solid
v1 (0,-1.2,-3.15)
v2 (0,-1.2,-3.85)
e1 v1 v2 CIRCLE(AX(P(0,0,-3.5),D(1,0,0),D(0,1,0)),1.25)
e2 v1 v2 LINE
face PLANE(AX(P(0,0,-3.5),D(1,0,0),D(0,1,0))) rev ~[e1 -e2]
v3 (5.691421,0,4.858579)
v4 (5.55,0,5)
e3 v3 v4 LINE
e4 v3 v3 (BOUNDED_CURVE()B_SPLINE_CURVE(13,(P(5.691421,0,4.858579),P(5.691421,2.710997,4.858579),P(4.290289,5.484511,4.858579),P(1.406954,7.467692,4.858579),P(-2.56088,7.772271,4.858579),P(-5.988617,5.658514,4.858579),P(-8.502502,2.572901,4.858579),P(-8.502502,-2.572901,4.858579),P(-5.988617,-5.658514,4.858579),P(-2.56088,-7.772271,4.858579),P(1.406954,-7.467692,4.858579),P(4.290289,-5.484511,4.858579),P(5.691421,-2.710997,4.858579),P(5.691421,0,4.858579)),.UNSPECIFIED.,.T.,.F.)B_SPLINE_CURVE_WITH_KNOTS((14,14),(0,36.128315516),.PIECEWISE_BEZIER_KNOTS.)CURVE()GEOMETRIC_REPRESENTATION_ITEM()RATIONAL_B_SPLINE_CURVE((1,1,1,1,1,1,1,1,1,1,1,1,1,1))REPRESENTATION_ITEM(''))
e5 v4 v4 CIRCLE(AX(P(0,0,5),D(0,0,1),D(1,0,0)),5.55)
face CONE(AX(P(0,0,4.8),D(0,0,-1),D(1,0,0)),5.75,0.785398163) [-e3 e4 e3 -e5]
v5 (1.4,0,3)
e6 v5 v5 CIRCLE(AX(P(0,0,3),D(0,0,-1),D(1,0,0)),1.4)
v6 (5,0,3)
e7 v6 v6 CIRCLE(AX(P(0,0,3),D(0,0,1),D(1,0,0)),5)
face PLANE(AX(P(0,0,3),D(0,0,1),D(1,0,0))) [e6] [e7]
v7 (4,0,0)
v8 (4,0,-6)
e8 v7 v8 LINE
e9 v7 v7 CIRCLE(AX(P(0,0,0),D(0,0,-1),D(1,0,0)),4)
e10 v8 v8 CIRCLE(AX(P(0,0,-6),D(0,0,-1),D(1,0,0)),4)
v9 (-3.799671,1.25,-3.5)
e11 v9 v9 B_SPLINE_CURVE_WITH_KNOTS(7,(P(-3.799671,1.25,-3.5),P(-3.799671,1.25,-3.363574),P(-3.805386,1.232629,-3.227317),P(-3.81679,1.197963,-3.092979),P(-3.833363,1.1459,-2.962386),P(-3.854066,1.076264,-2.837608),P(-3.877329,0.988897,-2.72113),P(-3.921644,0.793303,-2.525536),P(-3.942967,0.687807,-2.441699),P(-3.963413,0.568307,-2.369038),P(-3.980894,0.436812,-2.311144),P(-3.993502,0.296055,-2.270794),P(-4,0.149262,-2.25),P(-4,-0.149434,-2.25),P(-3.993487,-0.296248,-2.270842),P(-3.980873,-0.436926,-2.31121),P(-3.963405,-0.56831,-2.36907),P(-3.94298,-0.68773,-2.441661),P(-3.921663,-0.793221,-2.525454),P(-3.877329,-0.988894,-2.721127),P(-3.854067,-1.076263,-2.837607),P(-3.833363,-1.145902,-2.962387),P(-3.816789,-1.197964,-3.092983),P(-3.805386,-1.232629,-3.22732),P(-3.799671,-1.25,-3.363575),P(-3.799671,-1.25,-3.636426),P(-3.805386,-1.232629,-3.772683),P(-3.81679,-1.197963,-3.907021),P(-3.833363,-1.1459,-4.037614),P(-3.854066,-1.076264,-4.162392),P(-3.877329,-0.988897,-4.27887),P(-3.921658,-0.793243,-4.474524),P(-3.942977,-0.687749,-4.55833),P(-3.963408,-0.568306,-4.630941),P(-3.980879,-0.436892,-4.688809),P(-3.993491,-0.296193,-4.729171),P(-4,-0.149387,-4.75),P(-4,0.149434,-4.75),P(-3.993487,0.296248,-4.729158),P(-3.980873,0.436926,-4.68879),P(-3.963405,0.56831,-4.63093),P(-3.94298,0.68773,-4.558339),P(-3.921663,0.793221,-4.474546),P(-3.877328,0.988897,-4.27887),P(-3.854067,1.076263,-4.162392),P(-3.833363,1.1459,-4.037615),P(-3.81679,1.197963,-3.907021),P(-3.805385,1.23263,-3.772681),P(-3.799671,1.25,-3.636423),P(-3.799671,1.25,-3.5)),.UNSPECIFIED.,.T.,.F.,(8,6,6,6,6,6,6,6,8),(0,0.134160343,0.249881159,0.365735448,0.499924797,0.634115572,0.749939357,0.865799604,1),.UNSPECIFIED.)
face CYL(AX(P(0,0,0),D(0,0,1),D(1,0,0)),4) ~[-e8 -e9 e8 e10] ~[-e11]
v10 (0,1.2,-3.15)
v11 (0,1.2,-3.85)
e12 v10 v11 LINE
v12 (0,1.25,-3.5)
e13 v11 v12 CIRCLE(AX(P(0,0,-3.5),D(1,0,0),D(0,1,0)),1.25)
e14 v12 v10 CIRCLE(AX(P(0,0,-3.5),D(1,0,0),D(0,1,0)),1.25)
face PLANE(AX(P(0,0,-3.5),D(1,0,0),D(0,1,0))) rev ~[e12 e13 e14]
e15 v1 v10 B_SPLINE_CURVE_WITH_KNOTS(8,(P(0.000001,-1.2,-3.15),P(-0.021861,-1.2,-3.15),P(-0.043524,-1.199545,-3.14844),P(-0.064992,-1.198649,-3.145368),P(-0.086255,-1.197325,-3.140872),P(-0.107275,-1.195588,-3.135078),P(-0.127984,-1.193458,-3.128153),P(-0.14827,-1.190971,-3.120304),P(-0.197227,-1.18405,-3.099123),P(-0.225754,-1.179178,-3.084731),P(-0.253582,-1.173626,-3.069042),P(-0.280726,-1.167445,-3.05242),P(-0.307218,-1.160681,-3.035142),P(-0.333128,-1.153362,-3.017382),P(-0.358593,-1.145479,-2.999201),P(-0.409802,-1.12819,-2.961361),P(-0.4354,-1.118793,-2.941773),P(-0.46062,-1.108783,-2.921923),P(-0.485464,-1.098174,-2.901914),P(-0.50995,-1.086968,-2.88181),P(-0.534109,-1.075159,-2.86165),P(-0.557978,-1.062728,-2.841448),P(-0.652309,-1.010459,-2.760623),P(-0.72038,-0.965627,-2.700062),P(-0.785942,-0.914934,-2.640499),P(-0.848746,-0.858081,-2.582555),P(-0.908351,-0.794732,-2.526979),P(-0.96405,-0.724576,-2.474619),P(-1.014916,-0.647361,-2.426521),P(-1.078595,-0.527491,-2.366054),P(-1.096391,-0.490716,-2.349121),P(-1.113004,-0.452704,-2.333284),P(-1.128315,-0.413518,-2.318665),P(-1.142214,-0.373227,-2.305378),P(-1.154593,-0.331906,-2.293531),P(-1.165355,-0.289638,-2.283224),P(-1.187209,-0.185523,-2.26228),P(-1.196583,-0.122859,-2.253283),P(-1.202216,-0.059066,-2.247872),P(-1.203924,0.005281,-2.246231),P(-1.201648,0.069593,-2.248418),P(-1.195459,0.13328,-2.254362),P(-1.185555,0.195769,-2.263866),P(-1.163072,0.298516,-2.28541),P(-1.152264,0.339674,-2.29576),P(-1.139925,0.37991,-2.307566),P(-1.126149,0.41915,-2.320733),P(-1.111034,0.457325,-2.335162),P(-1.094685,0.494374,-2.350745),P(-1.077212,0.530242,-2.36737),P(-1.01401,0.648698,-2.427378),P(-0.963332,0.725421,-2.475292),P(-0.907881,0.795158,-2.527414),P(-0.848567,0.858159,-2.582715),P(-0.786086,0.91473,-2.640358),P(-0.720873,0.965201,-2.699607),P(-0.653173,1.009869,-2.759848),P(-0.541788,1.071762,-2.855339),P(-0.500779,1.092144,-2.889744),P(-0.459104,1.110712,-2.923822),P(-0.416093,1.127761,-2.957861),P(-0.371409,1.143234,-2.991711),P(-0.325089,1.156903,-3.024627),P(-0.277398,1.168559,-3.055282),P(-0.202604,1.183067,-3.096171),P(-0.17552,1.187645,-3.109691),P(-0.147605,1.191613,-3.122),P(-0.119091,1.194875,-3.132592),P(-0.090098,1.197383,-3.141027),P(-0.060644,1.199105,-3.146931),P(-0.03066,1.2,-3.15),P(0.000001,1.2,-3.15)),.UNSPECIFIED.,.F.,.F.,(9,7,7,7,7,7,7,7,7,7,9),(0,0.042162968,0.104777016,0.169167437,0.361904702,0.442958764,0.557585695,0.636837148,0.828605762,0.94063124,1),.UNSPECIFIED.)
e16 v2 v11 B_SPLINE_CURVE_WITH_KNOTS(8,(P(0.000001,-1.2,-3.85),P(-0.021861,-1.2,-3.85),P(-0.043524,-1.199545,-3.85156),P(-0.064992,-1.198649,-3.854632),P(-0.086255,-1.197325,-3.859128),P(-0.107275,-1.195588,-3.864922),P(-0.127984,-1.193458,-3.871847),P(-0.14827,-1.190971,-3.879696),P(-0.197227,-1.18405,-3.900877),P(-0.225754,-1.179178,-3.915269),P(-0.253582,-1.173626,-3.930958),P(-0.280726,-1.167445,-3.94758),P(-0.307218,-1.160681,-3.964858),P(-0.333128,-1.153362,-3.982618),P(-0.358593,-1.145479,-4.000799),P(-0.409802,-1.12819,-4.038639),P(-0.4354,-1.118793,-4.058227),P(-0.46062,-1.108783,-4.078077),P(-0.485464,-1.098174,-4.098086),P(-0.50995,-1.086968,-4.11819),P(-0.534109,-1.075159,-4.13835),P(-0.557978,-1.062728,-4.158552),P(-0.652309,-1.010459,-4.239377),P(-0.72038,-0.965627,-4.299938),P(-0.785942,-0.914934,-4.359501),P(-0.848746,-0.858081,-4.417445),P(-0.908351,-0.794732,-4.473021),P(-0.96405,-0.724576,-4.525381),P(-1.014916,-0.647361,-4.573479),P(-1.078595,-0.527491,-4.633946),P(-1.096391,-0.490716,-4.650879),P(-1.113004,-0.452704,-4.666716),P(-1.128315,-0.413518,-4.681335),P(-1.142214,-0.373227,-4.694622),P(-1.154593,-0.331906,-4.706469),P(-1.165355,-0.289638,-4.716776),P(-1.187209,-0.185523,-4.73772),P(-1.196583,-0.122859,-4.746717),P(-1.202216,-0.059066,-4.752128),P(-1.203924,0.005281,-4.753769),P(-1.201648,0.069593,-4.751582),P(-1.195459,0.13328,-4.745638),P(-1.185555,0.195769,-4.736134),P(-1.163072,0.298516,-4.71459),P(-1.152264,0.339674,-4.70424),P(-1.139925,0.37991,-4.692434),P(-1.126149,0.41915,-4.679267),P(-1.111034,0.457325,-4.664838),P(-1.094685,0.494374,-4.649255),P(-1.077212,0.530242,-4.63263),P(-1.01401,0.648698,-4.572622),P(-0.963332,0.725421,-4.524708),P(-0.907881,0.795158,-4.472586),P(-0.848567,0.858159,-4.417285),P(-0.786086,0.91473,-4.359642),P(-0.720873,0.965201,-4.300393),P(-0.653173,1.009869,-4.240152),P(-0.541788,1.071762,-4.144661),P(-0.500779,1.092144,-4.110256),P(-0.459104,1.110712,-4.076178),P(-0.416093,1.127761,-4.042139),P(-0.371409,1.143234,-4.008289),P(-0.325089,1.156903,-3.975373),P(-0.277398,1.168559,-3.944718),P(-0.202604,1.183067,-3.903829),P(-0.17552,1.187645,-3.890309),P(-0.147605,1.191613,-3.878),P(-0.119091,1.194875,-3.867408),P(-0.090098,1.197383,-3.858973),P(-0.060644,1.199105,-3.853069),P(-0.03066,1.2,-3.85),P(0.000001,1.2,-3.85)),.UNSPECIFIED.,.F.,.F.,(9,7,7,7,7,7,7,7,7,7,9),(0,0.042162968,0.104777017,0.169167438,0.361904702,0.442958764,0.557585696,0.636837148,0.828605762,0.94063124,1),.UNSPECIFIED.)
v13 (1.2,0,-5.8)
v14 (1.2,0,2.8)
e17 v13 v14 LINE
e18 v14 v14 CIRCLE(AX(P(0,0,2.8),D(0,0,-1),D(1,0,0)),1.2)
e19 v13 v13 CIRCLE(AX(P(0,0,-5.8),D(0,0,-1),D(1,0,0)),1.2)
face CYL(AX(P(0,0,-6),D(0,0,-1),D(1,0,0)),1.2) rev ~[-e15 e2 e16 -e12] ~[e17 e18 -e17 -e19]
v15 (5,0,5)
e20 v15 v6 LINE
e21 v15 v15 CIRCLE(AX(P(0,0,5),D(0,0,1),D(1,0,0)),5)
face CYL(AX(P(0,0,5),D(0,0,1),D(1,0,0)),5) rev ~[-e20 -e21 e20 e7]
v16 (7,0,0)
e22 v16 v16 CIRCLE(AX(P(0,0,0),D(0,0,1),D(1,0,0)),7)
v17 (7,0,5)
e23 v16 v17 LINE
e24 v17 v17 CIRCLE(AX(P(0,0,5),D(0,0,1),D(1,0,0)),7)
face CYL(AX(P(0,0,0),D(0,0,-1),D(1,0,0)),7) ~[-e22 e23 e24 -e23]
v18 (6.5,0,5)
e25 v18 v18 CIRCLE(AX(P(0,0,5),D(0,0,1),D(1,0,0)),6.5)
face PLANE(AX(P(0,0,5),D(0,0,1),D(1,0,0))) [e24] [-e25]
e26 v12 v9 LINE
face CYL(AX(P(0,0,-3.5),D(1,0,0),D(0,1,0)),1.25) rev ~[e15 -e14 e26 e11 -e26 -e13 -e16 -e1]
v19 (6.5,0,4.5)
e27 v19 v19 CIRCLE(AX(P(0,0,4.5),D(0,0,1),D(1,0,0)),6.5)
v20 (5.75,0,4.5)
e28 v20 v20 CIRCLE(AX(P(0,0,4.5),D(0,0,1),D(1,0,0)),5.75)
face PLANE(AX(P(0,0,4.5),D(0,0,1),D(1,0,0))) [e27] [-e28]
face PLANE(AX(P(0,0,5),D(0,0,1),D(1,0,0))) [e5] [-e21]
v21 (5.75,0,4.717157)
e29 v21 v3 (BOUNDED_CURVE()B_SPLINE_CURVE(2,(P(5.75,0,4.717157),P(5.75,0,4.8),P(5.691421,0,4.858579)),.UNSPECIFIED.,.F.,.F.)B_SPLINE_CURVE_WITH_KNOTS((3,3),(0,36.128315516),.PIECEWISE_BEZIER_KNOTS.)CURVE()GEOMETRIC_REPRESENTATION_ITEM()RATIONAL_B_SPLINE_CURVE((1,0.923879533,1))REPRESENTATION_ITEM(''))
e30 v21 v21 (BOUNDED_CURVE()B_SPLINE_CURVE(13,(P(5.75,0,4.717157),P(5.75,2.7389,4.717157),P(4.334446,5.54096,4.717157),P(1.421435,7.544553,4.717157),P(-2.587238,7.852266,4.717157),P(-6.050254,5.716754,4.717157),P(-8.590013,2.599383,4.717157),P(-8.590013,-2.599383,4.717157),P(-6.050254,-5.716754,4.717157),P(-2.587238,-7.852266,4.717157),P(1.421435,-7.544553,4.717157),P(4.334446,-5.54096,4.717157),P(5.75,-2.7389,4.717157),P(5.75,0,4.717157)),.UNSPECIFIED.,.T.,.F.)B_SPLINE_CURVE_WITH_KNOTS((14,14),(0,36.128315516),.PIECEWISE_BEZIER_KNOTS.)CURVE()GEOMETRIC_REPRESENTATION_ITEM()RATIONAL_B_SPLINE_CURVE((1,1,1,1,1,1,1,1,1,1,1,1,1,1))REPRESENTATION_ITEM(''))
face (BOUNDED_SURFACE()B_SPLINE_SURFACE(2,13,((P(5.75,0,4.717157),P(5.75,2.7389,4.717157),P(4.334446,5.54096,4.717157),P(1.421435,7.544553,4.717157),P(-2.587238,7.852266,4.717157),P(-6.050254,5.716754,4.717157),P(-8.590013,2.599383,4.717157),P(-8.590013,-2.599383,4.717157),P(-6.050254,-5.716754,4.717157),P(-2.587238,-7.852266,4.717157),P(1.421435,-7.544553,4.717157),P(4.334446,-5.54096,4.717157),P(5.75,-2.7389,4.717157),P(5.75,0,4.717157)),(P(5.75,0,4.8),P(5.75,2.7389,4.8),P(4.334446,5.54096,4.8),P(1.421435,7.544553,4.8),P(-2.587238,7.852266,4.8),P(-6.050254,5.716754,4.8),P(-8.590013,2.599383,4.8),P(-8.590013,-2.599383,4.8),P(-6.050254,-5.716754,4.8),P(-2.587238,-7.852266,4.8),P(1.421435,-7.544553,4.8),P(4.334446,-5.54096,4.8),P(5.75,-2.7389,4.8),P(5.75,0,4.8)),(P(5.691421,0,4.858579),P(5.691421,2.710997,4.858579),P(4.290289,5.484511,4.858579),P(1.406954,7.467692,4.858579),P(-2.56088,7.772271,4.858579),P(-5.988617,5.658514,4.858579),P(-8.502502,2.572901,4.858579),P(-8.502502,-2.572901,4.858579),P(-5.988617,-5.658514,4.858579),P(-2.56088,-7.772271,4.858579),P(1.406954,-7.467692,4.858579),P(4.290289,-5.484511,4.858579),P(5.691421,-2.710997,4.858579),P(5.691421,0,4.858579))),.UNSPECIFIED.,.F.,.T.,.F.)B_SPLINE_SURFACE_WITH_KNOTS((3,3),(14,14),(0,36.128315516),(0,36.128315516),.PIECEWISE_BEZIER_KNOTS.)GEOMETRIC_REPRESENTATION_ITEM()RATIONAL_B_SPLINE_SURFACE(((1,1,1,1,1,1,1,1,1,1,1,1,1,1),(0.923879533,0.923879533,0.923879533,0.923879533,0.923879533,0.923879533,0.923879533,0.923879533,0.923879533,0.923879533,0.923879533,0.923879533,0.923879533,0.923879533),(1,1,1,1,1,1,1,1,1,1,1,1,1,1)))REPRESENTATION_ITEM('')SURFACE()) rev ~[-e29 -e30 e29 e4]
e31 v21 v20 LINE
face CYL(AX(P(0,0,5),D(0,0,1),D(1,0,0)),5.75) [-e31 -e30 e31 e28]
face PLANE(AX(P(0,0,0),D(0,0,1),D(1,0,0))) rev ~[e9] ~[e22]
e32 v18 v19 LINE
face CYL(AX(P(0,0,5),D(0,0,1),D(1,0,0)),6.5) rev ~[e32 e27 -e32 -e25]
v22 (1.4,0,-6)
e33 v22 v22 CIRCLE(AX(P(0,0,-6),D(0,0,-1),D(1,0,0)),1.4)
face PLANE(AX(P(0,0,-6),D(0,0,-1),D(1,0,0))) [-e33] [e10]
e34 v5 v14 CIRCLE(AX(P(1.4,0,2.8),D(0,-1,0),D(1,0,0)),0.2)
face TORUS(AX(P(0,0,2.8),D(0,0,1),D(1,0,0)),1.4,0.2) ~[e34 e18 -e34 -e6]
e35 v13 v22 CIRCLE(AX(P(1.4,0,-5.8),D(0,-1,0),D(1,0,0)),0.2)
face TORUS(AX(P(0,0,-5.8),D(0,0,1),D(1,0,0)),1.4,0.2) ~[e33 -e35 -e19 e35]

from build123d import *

# Parameters (mm, degrees)
F0_R      = 7
F1_DEPTH  = 5
F2_R      = 4
F3_DEPTH  = 6
F4_R      = 1.2
F5_DEPTH  = 9
F6_R      = 5
F7_DEPTH  = 2
F8_R      = 6.5
F8_R_2    = 5.75
F9_DEPTH  = 0.5
F10_SIZE  = 0.2
F11_R     = 0.2
F13_R     = 1.25
F14_DEPTH = 4.5


with BuildPart() as f1:
    # F0 (on Top) → F1 (new body)
    with BuildSketch(Plane.XY):
        Circle(F0_R)
    extrude(amount=F1_DEPTH)

    # F2 (on face) → F3 (join)
    with BuildSketch(Plane(origin=(0, 0, 0), x_dir=(1, 0, 0), z_dir=(0, 0, -1))):
        Circle(F2_R)
    extrude(amount=F3_DEPTH)

    # F4 (on face) → F5 (cut)
    with BuildSketch(Plane(origin=(0, 0, -6), x_dir=(1, 0, 0), z_dir=(0, 0, -1))):
        Circle(F4_R)
    extrude(amount=-F5_DEPTH, mode=Mode.SUBTRACT)

    # F6 (on face) → F7 (cut)
    with BuildSketch(Plane.XY.offset(5)):
        Circle(F6_R)
    extrude(amount=-F7_DEPTH, mode=Mode.SUBTRACT)

    # F8 (on face) → F9 (cut)
    with BuildSketch(Plane.XY.offset(5)):
        Circle(F8_R)
        Circle(F8_R_2, mode=Mode.SUBTRACT)
    extrude(amount=-F9_DEPTH, mode=Mode.SUBTRACT)

    # F10
    f10_edges = [f1.edges().sort_by_distance(p)[0] for p in [
        (-5.75, 0, 5),
    ]]
    chamfer(f10_edges, length=F10_SIZE)

    # F11
    f11_edges = [f1.edges().sort_by_distance(p)[0] for p in [
        (-5.75, 0, 4.8),
        (-1.2, 0, 3),
        (-1.2, 0, -6),
    ]]
    fillet(f11_edges, radius=F11_R)

    # F13 (on Right) → F14 (cut)
    with BuildSketch(Plane.YZ):
        with Locations((0, -3.5)):
            Circle(F13_R)
    extrude(amount=-F14_DEPTH, mode=Mode.SUBTRACT)


solid = f1.part
